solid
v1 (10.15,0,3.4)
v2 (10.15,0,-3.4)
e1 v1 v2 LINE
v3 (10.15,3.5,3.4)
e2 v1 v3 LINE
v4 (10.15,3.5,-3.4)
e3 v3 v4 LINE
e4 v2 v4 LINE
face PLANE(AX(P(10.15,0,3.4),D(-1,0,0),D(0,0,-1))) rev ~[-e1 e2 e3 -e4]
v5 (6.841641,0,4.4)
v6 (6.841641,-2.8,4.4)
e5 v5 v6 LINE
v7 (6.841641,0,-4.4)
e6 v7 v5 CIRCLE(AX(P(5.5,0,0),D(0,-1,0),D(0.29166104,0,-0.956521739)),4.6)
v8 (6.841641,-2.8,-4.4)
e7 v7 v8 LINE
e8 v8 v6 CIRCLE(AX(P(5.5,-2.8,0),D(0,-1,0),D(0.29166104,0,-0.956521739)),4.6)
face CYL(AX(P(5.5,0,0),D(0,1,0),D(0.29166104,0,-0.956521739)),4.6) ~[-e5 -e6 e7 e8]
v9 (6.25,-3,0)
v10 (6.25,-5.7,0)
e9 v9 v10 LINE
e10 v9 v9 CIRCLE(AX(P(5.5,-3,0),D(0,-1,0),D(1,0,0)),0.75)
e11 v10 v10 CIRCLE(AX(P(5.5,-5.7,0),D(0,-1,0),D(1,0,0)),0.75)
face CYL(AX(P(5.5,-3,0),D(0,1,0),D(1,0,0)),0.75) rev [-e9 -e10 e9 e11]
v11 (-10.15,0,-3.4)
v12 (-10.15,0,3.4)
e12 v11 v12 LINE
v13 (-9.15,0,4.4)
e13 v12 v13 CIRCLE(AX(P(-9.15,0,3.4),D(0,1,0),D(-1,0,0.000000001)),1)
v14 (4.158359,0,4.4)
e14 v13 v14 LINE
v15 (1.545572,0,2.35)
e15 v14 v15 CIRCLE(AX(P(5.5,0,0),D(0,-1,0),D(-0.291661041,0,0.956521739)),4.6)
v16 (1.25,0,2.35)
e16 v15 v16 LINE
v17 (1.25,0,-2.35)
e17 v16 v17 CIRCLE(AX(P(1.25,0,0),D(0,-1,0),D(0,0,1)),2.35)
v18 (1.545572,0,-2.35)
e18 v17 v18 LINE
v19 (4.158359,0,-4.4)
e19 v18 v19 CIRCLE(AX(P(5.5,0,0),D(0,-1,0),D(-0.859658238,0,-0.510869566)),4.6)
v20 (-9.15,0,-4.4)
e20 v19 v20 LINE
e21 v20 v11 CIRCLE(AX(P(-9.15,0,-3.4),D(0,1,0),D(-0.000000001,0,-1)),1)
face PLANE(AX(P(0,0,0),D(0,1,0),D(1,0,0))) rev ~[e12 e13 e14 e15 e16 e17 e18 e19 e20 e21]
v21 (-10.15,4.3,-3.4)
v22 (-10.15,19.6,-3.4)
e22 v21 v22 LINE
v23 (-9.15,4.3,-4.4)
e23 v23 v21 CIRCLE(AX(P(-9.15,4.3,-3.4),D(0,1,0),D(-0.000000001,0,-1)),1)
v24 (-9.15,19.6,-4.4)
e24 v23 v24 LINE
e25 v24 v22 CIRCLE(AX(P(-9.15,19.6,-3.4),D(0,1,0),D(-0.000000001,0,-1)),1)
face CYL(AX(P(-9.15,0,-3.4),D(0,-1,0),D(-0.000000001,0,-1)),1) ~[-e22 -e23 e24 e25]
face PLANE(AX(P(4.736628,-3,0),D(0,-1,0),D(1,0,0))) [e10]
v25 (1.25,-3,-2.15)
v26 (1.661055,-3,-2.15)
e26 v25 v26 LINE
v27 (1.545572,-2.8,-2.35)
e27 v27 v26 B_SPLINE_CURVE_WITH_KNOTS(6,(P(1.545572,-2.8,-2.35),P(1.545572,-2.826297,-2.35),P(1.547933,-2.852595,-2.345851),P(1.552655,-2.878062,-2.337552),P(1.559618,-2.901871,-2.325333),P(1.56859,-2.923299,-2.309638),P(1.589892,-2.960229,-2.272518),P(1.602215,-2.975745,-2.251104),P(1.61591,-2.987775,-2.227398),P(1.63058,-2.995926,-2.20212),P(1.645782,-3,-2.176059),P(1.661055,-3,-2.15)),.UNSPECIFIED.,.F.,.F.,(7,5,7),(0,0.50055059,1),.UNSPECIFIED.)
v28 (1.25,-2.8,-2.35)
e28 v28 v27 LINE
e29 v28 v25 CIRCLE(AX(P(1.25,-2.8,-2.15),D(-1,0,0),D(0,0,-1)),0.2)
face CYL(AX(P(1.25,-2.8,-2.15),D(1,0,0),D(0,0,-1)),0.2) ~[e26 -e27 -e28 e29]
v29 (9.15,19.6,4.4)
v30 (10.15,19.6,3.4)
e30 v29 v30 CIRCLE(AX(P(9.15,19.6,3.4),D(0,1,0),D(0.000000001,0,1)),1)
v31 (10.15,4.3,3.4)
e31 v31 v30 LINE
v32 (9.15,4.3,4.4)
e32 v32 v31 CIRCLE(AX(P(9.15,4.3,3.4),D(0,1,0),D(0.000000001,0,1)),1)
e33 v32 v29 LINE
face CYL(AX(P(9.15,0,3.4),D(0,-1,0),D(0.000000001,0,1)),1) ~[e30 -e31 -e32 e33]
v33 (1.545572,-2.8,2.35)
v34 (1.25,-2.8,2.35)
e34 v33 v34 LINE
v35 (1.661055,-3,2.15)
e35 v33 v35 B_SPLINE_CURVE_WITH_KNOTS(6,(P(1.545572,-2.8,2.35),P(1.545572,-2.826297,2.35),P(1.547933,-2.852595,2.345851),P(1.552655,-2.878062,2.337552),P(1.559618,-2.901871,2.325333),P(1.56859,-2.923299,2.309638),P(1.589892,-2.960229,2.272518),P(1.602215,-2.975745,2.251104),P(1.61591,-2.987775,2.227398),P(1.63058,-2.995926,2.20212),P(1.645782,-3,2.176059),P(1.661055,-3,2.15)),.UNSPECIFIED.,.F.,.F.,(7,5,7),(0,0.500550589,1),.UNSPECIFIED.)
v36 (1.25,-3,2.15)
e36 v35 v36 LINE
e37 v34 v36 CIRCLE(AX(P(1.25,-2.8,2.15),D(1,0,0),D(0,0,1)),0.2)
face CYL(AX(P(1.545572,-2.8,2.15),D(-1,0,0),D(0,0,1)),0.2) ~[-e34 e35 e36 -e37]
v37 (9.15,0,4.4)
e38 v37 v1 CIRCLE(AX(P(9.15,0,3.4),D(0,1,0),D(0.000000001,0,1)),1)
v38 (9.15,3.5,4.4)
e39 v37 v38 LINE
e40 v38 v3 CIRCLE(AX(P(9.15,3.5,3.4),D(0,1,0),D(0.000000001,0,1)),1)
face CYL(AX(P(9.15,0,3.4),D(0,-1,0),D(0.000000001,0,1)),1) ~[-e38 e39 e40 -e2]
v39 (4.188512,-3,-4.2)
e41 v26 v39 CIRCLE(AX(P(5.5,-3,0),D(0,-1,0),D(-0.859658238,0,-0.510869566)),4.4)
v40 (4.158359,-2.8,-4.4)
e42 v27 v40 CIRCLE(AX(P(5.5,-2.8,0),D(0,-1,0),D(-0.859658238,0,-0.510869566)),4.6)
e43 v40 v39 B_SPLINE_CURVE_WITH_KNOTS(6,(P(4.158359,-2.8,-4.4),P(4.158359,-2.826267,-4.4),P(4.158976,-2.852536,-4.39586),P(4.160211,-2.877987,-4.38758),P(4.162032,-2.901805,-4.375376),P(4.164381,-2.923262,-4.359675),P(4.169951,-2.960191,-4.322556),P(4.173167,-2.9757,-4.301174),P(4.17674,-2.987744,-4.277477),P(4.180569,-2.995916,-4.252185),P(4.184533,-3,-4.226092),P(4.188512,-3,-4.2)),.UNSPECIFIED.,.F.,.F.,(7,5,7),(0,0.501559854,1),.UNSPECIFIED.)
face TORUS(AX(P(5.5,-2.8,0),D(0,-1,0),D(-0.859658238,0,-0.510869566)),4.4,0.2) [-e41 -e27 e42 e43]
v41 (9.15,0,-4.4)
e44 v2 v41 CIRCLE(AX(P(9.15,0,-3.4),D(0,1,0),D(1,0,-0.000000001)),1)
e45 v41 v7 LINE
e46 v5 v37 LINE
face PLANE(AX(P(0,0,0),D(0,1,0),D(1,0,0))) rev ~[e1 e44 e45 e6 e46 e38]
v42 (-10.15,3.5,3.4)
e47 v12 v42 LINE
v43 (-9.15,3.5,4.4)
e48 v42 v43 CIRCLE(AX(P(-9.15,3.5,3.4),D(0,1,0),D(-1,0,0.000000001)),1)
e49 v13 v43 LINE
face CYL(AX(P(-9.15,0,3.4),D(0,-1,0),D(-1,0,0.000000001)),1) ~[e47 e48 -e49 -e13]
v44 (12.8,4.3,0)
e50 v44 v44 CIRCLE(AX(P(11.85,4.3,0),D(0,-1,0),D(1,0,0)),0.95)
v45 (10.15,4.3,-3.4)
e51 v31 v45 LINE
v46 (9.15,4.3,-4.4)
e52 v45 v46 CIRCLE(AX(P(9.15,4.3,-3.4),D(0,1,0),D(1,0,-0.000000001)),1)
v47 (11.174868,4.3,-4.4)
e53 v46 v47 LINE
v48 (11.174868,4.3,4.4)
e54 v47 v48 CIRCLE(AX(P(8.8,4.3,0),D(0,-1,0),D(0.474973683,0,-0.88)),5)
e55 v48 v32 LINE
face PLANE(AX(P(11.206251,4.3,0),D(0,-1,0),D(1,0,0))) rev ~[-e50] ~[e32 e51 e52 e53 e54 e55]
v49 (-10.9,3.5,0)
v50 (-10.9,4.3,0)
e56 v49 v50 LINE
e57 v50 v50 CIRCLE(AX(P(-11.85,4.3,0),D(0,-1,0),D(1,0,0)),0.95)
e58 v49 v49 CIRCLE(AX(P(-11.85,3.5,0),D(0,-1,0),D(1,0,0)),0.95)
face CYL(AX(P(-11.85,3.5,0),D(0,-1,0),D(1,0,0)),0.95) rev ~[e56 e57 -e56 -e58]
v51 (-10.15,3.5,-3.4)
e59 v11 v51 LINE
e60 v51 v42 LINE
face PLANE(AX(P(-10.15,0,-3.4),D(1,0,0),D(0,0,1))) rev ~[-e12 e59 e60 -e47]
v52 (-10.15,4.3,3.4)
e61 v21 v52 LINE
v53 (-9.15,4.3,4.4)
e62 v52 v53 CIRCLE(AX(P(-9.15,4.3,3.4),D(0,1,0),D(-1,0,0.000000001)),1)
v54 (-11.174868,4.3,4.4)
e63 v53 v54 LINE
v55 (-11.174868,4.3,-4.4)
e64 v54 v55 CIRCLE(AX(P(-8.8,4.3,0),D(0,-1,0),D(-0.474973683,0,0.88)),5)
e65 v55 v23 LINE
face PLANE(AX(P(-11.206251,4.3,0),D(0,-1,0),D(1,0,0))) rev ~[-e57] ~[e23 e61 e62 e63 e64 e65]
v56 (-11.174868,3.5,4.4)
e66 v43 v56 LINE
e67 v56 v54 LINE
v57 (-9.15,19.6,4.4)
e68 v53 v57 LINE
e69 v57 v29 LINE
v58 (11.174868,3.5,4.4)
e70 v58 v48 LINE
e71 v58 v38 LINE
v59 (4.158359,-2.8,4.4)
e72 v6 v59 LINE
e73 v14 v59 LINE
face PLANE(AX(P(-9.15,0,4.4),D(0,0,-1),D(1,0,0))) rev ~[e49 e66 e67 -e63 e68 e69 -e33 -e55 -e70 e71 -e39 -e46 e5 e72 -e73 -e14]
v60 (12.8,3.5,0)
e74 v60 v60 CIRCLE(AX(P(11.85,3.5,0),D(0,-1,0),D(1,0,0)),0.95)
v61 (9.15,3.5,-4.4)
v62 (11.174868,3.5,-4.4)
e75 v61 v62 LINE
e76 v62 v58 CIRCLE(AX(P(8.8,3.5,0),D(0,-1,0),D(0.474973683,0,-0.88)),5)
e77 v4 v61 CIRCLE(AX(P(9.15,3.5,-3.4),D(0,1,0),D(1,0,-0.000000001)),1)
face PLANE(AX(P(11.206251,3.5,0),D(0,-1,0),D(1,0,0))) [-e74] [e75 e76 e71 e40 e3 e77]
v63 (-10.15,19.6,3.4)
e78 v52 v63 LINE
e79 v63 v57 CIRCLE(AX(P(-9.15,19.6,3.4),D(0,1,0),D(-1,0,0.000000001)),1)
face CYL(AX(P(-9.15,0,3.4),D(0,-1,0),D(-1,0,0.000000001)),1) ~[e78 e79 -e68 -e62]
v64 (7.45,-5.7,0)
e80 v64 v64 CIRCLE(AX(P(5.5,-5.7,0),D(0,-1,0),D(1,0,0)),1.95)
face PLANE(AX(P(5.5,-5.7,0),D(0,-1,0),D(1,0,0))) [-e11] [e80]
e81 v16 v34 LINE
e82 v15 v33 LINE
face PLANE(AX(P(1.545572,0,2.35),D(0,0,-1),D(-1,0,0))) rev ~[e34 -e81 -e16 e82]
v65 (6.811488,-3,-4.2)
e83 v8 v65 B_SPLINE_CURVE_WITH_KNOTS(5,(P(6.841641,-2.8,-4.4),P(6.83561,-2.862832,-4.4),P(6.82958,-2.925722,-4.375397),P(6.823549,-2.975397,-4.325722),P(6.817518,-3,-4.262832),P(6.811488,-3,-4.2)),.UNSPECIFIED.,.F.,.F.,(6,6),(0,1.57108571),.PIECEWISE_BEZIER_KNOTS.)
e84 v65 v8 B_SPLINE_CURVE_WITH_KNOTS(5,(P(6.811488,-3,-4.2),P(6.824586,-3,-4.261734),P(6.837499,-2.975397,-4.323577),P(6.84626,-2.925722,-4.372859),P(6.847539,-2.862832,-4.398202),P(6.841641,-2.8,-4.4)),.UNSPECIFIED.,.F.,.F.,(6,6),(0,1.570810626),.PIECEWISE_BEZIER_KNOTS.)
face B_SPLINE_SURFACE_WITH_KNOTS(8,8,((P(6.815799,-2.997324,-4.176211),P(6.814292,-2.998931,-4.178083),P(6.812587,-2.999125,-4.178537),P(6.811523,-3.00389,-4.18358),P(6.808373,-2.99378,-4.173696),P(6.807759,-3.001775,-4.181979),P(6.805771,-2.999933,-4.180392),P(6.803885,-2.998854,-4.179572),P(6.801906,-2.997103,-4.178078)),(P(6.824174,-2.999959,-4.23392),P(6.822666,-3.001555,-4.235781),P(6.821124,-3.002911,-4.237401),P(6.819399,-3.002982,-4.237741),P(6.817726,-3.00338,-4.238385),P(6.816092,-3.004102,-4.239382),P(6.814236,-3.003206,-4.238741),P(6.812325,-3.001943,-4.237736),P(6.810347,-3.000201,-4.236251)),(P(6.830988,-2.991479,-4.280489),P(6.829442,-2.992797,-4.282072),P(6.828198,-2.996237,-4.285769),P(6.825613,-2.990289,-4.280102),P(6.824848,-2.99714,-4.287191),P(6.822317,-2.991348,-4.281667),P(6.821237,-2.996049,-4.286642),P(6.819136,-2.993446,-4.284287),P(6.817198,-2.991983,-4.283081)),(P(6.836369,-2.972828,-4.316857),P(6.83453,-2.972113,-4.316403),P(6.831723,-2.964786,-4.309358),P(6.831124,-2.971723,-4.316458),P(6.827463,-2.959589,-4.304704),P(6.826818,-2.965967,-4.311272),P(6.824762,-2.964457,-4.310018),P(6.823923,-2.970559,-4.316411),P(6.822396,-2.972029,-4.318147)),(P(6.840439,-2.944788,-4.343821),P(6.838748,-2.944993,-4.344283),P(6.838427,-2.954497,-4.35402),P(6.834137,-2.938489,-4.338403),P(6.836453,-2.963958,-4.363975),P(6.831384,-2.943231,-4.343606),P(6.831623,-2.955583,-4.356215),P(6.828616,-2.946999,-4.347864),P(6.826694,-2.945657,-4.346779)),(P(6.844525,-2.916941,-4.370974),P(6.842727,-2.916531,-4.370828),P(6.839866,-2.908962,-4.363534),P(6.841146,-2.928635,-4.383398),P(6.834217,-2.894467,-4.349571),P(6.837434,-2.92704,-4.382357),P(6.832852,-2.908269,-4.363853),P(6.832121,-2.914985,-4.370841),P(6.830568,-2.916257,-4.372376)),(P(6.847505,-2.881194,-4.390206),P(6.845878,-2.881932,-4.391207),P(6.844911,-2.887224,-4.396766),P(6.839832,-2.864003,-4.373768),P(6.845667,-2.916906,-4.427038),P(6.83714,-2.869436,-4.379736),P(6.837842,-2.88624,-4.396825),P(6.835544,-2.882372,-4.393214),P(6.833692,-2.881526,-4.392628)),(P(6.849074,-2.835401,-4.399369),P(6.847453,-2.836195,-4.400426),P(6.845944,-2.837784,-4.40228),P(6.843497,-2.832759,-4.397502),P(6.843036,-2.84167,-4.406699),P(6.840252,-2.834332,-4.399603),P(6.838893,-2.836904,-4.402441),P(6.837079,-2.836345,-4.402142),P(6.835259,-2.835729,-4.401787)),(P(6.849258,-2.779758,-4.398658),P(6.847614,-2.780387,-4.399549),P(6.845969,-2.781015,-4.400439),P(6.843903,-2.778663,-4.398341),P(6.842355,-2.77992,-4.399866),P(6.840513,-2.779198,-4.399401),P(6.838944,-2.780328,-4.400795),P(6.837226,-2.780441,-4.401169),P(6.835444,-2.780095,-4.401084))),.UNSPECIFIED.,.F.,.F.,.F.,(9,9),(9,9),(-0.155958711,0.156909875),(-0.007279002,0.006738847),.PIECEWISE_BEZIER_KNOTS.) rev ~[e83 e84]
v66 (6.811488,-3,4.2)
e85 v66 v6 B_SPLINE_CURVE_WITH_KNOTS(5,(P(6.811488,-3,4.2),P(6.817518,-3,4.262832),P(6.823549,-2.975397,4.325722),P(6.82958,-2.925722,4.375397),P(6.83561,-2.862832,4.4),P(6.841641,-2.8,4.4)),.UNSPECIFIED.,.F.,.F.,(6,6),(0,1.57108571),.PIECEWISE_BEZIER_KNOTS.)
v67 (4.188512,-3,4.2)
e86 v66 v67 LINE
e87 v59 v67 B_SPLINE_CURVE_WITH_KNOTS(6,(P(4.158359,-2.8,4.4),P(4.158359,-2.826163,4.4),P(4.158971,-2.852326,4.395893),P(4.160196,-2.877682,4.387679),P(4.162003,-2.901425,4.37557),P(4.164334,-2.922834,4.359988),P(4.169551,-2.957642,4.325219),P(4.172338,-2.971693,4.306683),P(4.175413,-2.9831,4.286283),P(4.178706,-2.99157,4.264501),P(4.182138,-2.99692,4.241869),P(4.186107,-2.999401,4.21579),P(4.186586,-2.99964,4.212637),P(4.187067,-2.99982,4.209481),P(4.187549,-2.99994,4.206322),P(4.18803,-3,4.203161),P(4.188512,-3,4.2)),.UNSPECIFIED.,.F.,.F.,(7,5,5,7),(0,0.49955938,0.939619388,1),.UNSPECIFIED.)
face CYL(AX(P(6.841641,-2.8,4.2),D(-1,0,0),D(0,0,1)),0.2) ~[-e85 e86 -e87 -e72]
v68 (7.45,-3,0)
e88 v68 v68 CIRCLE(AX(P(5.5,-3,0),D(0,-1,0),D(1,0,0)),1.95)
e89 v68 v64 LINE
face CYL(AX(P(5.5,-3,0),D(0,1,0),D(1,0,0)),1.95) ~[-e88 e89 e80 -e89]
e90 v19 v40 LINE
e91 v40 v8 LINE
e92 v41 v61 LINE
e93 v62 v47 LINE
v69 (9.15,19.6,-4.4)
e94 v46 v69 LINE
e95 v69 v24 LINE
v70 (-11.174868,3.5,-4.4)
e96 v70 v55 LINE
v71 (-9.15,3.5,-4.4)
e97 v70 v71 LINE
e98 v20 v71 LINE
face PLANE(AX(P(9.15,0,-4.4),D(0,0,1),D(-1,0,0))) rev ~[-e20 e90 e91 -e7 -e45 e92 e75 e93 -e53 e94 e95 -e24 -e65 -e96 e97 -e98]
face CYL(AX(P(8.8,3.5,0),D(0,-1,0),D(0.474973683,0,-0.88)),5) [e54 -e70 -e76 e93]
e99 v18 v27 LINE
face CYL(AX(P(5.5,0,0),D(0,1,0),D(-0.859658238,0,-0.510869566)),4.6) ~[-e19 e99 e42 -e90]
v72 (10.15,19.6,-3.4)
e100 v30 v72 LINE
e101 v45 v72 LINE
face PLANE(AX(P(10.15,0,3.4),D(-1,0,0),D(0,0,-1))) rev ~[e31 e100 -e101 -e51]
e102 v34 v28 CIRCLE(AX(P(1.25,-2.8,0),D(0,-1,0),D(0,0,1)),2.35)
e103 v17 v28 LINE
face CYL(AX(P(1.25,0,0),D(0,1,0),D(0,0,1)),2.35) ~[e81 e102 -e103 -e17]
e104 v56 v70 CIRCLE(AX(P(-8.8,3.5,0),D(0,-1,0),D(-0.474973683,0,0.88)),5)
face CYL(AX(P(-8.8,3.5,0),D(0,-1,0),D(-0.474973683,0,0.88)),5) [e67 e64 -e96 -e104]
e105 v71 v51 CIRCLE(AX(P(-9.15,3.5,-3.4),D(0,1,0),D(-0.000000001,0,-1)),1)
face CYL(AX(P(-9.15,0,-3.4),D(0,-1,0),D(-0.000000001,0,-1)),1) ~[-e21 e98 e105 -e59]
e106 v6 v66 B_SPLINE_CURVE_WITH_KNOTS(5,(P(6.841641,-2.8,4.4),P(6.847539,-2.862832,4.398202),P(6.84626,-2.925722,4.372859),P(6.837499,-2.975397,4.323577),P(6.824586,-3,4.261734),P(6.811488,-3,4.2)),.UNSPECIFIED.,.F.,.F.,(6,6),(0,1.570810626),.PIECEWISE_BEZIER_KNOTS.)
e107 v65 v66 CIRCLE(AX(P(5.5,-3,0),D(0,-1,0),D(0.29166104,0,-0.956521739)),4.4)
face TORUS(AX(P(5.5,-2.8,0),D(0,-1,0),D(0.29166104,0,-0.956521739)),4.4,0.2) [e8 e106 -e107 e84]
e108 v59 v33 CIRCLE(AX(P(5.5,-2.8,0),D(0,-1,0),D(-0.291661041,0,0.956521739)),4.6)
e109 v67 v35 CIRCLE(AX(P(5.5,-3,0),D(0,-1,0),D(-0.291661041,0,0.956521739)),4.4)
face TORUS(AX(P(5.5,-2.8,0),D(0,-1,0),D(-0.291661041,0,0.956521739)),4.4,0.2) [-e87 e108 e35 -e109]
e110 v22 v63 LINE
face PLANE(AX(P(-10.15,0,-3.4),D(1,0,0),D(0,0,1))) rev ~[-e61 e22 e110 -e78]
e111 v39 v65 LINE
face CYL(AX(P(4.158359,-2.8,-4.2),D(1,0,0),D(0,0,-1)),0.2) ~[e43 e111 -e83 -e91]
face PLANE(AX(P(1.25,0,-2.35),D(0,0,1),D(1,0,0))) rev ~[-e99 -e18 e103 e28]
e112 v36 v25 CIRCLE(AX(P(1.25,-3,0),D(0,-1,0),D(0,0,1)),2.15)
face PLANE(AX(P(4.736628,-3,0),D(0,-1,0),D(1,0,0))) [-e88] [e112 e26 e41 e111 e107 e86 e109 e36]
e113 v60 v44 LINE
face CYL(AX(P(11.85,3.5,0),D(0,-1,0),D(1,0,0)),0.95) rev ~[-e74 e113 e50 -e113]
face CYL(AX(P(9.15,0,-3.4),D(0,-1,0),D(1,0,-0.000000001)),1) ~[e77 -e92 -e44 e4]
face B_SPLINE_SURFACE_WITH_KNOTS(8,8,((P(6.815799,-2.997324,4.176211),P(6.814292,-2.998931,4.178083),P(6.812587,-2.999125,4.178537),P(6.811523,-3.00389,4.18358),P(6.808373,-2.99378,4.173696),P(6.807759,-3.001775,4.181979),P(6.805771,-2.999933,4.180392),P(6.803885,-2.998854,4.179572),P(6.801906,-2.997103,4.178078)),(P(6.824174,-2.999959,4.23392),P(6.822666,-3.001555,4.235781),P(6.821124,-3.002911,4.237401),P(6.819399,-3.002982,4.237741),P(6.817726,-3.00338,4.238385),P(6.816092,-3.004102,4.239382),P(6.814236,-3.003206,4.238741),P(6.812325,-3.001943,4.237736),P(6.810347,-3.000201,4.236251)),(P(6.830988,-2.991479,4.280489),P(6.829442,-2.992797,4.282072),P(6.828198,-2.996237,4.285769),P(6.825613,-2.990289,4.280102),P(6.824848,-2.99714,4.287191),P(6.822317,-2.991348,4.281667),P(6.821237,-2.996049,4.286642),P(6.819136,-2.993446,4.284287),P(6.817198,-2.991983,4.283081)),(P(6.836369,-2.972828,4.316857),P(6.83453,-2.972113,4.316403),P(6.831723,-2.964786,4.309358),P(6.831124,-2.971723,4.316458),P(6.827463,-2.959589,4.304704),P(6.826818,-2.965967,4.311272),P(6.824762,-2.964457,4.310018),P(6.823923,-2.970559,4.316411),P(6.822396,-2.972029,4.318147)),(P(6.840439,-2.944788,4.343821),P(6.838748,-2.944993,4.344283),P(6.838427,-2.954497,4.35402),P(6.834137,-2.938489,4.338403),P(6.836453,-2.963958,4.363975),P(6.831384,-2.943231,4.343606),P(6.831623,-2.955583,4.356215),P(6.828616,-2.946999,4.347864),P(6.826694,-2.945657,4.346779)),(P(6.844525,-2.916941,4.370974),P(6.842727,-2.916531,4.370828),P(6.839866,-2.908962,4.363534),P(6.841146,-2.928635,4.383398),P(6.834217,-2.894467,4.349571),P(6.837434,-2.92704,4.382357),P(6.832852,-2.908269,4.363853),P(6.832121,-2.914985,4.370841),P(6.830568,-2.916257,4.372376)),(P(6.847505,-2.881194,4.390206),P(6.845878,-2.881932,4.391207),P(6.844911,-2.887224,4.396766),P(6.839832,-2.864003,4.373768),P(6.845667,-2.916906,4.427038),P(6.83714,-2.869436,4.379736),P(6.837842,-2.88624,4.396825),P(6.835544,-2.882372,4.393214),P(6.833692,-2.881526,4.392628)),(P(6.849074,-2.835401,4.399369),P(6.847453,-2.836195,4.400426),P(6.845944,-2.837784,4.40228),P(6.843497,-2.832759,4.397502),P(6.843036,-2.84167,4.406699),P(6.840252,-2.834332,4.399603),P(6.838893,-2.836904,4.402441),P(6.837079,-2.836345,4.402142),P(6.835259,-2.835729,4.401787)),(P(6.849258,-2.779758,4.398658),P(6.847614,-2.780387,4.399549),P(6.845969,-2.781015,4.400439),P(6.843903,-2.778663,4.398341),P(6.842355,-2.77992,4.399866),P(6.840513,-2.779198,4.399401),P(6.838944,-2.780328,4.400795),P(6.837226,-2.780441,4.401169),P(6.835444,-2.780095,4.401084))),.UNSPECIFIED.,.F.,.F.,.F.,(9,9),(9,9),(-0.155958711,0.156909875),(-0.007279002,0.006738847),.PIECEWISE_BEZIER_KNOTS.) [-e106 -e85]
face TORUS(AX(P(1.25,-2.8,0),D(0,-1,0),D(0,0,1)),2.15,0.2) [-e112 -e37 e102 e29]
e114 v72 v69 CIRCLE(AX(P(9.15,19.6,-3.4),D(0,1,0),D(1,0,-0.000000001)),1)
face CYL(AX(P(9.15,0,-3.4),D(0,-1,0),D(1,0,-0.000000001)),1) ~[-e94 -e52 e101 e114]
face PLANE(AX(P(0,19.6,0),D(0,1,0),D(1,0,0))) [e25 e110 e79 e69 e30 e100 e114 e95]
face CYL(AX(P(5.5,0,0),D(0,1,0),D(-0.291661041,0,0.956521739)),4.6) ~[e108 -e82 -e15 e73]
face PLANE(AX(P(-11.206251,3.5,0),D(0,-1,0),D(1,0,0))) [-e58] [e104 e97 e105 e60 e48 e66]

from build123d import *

# Parameters (mm, degrees)
EXTRUDE_1_DEPTH     = 19.6
EXTRUDE_START       = -3.5
EXTRUDE_2_DEPTH     = 0.8
EXTRUDE_3_DEPTH     = 3
FILLET_1_R          = 0.2
SKETCH_4_R          = 1.95
SKETCH_4_R_2        = 0.75
EXTRUDE_4_DEPTH     = 2.7
CUT_EXTRUDE_1_REACH = 18.1
SKETCH_5_R          = 0.95


with BuildPart() as part:
    # Эскиз1 → Бобышка-Вытянуть1 (new body)
    with BuildSketch(Plane(origin=(0, 0, 0), x_dir=(1, 0, 0), z_dir=(0, 1, 0))):
        with BuildLine():
            Line((-9.15, -4.4), (9.15, -4.4))
            ThreePointArc((9.15, -4.4), (9.857106781, -4.107106781), (10.15, -3.4))
            Line((10.15, -3.4), (10.15, 3.4))
            ThreePointArc((10.15, 3.4), (9.857106781, 4.107106781), (9.15, 4.4))
            Line((9.15, 4.4), (-9.15, 4.4))
            ThreePointArc((-9.15, 4.4), (-9.857106781, 4.107106781), (-10.15, 3.4))
            Line((-10.15, 3.4), (-10.15, -3.4))
            ThreePointArc((-10.15, -3.4), (-9.857106781, -4.107106781), (-9.15, -4.4))
        make_face()
    extrude(amount=EXTRUDE_1_DEPTH)

    # Эскиз2 → Бобышка-Вытянуть2 (add)
    with BuildSketch(Plane.XZ.offset(EXTRUDE_START)):
        with BuildLine():
            Line((-9.15, 4.4), (-11.174868417, 4.4))
            ThreePointArc((-11.174868417, 4.4), (-13.8, 0), (-11.174868417, -4.4))
            Line((-11.174868417, -4.4), (-9.15, -4.4))
            ThreePointArc((-9.15, -4.4), (-9.857106781, -4.107106781), (-10.15, -3.4))
            Line((-10.15, -3.4), (-10.15, 3.4))
            ThreePointArc((-10.15, 3.4), (-9.857106781, 4.107106781), (-9.15, 4.4))
        make_face()
        with BuildLine():
            Line((11.174868417, 4.4), (9.15, 4.4))
            ThreePointArc((9.15, 4.4), (9.857106781, 4.107106781), (10.15, 3.4))
            Line((10.15, 3.4), (10.15, -3.4))
            ThreePointArc((10.15, -3.4), (9.857106781, -4.107106781), (9.15, -4.4))
            Line((9.15, -4.4), (11.174868417, -4.4))
            ThreePointArc((11.174868417, -4.4), (13.8, 0), (11.174868417, 4.4))
        make_face()
    extrude(amount=-EXTRUDE_2_DEPTH)

    # Эскиз3 → Бобышка-Вытянуть3 (add)
    with BuildSketch(Plane.XZ):
        with BuildLine():
            ThreePointArc((4.158359214, 4.4), (2.660508694, 3.619017701), (1.545572102, 2.35))
            Line((1.545572102, 2.35), (1.25, 2.35))
            ThreePointArc((1.25, 2.35), (-1.1, 0), (1.25, -2.35))
            Line((1.25, -2.35), (1.545572102, -2.35))
            ThreePointArc((1.545572102, -2.35), (2.660508694, -3.619017701), (4.158359214, -4.4))
            Line((4.158359214, -4.4), (6.841640786, -4.4))
            ThreePointArc((6.841640786, -4.4), (10.1, 0), (6.841640786, 4.4))
            Line((6.841640786, 4.4), (4.158359214, 4.4))
        make_face()
    extrude(amount=EXTRUDE_3_DEPTH)

    # Скругление1
    fillet_1_edges = [part.edges().sort_by_distance(p)[0] for p in [
        (-1.1, -3, 0),
        (2.660508694, -3, -3.619017701),
        (5.5, -3, -4.4),
        (10.1, -3, 0),
        (5.5, -3, 4.4),
        (2.660508694, -3, 3.619017701),
        (1.397786051, -3, -2.35),
        (1.397786051, -3, 2.35),
    ]]
    fillet(fillet_1_edges, radius=FILLET_1_R)

    # Эскиз4 → Бобышка-Вытянуть4 (add)
    with BuildSketch(Plane.XZ.offset(3)):
        with Locations((5.5, 0)):
            Circle(SKETCH_4_R)
        with Locations((5.5, 0)):
            Circle(SKETCH_4_R_2, mode=Mode.SUBTRACT)
    extrude(amount=EXTRUDE_4_DEPTH)

    # Эскиз5 → Вырез-Вытянуть1 (cut, up to next)
    with BuildSketch(Plane.XZ.offset(-3.5), mode=Mode.PRIVATE) as cut_extrude_1_sk1:
        with Locations((-11.85, 0)):
            Circle(SKETCH_5_R)
    cut_extrude_1_tool1 = extrude(cut_extrude_1_sk1.sketch, amount=-CUT_EXTRUDE_1_REACH, mode=Mode.PRIVATE) & part.part
    add(cut_extrude_1_tool1.solids().sort_by_distance((-11.85, 3.5, 0))[0], mode=Mode.SUBTRACT)
    # Эскиз5 → Вырез-Вытянуть1 (cut, up to next)
    with BuildSketch(Plane.XZ.offset(-3.5), mode=Mode.PRIVATE) as cut_extrude_1_sk2:
        with Locations((11.85, 0)):
            Circle(SKETCH_5_R)
    cut_extrude_1_tool2 = extrude(cut_extrude_1_sk2.sketch, amount=-CUT_EXTRUDE_1_REACH, mode=Mode.PRIVATE) & part.part
    add(cut_extrude_1_tool2.solids().sort_by_distance((11.85, 3.5, 0))[0], mode=Mode.SUBTRACT)


solid = part.part
